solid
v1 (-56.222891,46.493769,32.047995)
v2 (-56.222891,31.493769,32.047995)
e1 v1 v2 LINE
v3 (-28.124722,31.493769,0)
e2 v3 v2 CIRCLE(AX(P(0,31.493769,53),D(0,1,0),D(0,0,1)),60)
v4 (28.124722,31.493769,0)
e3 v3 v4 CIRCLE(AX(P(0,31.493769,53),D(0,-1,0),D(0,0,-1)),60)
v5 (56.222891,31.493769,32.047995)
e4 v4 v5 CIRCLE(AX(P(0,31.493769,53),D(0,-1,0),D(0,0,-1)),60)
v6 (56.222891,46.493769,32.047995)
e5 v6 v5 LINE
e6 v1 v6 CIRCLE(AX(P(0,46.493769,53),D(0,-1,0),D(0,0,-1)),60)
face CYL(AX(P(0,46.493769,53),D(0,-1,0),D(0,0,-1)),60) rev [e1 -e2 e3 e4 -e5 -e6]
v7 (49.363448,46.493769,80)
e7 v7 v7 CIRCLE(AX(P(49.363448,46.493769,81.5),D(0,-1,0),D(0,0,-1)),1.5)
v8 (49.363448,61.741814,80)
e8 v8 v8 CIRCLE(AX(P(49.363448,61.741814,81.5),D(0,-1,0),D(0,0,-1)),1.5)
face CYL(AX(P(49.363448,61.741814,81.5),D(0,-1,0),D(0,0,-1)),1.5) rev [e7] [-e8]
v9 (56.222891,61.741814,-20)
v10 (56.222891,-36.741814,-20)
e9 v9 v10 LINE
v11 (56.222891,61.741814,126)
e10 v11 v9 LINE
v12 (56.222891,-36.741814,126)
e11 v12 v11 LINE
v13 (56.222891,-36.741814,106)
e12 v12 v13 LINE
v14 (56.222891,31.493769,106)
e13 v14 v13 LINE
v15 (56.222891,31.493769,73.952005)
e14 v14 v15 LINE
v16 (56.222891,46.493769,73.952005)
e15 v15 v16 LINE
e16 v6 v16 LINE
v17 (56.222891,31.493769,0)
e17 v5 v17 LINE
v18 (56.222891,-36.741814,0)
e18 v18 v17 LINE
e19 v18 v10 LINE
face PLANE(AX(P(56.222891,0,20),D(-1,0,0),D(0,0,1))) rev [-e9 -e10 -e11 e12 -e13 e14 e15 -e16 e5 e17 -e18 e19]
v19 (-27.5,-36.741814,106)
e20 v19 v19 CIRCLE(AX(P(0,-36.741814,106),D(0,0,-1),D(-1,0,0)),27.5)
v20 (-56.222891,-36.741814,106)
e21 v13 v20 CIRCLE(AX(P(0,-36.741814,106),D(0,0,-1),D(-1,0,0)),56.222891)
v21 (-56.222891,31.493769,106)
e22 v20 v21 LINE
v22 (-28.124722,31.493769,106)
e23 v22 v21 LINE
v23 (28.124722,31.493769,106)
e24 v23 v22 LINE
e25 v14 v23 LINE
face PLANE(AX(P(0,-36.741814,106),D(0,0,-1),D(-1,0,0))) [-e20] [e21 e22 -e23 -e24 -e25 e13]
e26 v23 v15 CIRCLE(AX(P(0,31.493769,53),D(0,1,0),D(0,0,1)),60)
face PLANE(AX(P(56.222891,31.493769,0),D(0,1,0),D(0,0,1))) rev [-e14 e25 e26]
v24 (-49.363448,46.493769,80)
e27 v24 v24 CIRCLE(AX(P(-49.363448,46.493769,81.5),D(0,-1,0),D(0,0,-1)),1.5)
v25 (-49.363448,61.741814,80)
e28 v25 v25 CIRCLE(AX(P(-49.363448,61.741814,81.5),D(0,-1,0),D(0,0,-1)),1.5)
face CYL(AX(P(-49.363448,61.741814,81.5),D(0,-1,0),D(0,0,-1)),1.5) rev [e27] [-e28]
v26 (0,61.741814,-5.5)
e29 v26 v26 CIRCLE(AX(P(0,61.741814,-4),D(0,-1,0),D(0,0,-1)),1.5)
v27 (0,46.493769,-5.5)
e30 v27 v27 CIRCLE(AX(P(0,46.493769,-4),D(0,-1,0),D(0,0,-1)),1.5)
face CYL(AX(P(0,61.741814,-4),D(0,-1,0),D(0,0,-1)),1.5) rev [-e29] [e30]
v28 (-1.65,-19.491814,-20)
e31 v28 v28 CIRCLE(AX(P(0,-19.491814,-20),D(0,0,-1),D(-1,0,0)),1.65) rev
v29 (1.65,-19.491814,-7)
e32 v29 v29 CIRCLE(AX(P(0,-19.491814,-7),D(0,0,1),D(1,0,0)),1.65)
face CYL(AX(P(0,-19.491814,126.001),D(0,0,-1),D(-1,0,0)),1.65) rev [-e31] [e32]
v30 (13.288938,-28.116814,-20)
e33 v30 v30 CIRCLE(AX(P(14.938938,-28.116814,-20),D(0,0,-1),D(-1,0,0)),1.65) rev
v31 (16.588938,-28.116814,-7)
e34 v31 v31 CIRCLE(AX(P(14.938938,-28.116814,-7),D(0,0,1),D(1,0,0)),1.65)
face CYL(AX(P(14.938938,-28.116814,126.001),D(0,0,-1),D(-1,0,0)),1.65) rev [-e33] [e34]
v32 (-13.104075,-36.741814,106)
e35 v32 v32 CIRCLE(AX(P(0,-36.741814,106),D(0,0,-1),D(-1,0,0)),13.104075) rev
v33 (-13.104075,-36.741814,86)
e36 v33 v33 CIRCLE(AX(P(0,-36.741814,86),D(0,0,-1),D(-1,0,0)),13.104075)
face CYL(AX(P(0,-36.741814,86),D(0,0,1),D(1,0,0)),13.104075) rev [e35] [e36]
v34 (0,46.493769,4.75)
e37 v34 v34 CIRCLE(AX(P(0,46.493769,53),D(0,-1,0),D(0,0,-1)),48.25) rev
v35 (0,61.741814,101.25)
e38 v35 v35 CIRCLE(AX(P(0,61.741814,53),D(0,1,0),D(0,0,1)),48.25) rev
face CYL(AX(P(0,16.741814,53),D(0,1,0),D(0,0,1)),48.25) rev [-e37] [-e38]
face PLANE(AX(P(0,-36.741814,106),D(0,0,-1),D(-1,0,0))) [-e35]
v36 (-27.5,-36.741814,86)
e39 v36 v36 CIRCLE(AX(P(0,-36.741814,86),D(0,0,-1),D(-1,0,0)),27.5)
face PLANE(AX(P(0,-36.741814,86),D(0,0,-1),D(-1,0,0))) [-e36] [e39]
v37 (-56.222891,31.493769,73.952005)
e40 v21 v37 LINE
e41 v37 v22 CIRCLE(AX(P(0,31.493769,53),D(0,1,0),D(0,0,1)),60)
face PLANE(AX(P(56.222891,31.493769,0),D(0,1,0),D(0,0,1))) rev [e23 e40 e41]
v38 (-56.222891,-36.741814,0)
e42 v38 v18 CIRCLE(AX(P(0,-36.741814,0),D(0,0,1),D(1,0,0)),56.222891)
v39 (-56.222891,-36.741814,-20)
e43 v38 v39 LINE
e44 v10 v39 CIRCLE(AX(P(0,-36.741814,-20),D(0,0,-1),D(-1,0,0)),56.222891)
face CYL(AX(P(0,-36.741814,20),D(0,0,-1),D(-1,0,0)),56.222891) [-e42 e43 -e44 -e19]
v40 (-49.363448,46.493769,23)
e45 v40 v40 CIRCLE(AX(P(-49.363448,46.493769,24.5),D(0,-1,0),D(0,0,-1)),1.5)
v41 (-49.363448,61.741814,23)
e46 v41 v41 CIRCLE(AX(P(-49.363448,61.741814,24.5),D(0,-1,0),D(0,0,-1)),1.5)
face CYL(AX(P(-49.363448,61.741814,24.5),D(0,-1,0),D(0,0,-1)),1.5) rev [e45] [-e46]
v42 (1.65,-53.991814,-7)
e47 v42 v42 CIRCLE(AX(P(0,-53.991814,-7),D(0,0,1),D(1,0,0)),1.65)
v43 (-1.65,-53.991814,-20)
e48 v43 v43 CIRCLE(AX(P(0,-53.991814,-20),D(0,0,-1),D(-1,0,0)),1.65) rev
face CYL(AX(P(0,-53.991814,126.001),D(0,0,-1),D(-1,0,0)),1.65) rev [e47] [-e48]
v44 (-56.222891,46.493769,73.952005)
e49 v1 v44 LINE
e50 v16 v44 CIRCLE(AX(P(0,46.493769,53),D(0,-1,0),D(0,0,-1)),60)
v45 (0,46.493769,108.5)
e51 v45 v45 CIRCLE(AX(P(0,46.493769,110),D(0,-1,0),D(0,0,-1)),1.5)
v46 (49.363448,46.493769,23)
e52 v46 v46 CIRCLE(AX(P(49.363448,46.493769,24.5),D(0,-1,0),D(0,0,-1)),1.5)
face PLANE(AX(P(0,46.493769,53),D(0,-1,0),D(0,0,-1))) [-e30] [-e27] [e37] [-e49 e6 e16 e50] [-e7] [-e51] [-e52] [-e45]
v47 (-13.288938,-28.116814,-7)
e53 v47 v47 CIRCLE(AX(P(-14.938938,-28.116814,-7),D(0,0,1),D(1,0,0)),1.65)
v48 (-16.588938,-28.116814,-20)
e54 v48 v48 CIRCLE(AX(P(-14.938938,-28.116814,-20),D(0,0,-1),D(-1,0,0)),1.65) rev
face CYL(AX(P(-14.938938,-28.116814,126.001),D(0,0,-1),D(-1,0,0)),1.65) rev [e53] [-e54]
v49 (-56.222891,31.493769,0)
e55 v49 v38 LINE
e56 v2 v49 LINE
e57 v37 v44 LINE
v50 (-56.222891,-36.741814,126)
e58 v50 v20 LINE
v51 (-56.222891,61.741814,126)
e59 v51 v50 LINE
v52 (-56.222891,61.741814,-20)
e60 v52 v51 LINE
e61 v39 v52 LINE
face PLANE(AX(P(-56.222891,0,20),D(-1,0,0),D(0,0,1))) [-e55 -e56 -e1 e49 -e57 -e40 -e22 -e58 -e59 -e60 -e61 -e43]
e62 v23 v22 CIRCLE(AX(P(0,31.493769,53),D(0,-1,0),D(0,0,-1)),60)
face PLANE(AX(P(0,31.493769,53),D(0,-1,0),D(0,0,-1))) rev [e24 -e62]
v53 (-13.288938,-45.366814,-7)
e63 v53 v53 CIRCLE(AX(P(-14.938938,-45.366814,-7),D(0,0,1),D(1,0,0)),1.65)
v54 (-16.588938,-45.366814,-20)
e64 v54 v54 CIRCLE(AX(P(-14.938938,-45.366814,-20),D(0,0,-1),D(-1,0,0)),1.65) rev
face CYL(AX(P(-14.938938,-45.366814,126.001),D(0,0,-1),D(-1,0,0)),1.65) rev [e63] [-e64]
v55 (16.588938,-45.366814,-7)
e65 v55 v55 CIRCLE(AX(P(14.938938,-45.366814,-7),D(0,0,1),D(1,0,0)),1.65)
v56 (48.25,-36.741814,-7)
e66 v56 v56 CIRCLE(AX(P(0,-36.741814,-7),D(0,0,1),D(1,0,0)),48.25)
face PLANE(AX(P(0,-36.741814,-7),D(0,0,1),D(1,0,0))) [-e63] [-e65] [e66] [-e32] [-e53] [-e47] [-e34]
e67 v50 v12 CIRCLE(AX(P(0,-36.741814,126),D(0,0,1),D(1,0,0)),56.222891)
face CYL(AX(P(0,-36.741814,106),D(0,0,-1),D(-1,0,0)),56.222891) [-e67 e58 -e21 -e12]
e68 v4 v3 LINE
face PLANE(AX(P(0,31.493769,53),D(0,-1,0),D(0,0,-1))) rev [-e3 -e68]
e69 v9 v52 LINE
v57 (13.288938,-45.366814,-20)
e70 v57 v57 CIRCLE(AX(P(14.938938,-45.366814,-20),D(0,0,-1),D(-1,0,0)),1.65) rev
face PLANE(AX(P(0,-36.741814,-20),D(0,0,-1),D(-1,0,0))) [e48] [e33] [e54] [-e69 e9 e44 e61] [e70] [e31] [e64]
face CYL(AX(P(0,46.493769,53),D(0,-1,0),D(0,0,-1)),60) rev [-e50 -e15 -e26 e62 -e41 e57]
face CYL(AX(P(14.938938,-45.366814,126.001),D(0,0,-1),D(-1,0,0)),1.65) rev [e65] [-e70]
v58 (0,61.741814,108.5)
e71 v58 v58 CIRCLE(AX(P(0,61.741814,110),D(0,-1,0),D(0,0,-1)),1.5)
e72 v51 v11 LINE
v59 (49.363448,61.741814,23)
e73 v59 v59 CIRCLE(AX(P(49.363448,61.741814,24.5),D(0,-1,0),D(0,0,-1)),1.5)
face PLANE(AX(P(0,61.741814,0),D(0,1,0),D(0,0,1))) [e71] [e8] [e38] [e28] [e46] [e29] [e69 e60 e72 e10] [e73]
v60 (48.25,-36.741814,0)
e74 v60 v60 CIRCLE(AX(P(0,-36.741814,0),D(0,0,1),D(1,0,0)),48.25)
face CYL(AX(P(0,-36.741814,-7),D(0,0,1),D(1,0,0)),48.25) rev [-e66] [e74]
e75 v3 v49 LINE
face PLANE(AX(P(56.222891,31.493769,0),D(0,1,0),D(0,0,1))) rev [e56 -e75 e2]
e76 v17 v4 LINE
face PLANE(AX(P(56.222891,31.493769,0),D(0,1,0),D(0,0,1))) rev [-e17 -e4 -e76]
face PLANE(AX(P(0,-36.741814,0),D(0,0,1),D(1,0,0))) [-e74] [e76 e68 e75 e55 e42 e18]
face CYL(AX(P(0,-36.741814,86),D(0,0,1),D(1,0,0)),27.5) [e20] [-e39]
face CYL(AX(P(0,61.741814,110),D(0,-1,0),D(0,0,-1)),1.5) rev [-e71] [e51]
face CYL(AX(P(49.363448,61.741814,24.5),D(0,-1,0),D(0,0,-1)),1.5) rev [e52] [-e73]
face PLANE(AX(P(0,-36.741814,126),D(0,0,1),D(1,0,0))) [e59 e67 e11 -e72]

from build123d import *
from build123d.topology import SkipClean

# Parameters (mm, degrees)
SKETCH_1_R                      = 48.25
EXTRUDE_1_DEPTH                 = 20
EXTRUDE_2_DEPTH                 = 66
SKETCH_3_R                      = 48.25
EXTRUDE_3_DEPTH                 = 20
SKETCH_4_R                      = 48.25
CUT_EXTRUDE_1_DEPTH             = 20
SKETCH_5_R                      = 48.25
EXTRUDE_4_DEPTH                 = 20
CUT_EXTRUDE_2_DEPTH             = 20
EXTRUDE_START                   = 20
SKETCH_7_R                      = 48.25
EXTRUDE_5_DEPTH                 = 20
CUT_EXTRUDE_START               = -20
CUT_EXTRUDE_3_DEPTH             = 20
SKETCH_9_R                      = 48.25
EXTRUDE_6_DEPTH                 = 20
EXTRUDE_START_2                 = -20
SKETCH_10_R                     = 48.25
EXTRUDE_7_DEPTH                 = 20
SKETCH_14_R                     = 1.65
EXTRUDE_11_DEPTH                = 10
EXTRUDE_START_3                 = 10
SKETCH_15_R                     = 1.65
EXTRUDE_12_DEPTH                = 10
SKETCH_16_R                     = 27.5
SKETCH_16_R_2                   = 13.104074627
EXTRUDE_13_DEPTH                = 20
CUT_EXTRUDE_4_REACH             = 168.371
SKETCH_17_R                     = 1.65
CUT_EXTRUDE_4_DIRECTION_2_REACH = 168.371
SKETCH_18_R                     = 48.25
CUT_EXTRUDE_5_DEPTH             = 7
CUT_EXTRUDE_6_DEPTH             = 193.775751689
EXTRUDE_START_4                 = 25
SKETCH_20_W                     = 112.445782612
SKETCH_20_H                     = 146
SKETCH_20_R                     = 48.25
EXTRUDE_14_DEPTH                = 25
SKETCH_21_R                     = 60
CUT_EXTRUDE_7_DEPTH             = 15
SKETCH_22_R                     = 1.5
CUT_EXTRUDE_8_DEPTH             = 197.177673484


with BuildPart() as part:
    # 草图1 → 凸台-拉伸1 (new body)
    with BuildSketch(Plane.XY):
        with BuildLine():
            Line((-56.222891306, -36.741813889), (-56.222891306, 36.741813889))
            Line((-56.222891306, 36.741813889), (56.222891306, 36.741813889))
            Line((56.222891306, 36.741813889), (56.222891306, -36.741813889))
            ThreePointArc((56.222891306, -36.741813889), (0, -92.964705195), (-56.222891306, -36.741813889))
        make_face()
        with Locations((0, -36.741813889)):
            Circle(SKETCH_1_R, mode=Mode.SUBTRACT)
    extrude(amount=EXTRUDE_1_DEPTH)

    # 草图2 → 凸台-拉伸2 (add)
    with BuildSketch(Plane.XY.offset(20)):
        Polygon((-43.974846567, 18.741813889), (-56.222891306, 18.741813889), (-56.222891306, 6.493769151), align=None)
        Polygon((56.222891306, 18.741813889), (43.974846567, 18.741813889), (56.222891306, 6.493769151), align=None)
        Polygon((-56.222891306, 36.741813889), (-56.222891306, 18.741813889), (-43.974846567, 18.741813889), (43.974846567, 18.741813889), (56.222891306, 18.741813889), (56.222891306, 36.741813889), align=None)
    extrude(amount=EXTRUDE_2_DEPTH)

    # 草图3 → 凸台-拉伸3 (add)
    with BuildSketch(Plane.XY.offset(86)):
        with BuildLine():
            Line((-56.222891306, 36.741813889), (-56.222891306, -36.741813889))
            ThreePointArc((-56.222891306, -36.741813889), (0, -92.964705195), (56.222891306, -36.741813889))
            Line((56.222891306, -36.741813889), (56.222891306, 36.741813889))
            Line((56.222891306, 36.741813889), (-56.222891306, 36.741813889))
        make_face()
        with Locations((0, -36.741813889)):
            Circle(SKETCH_3_R, mode=Mode.SUBTRACT)
    extrude(amount=EXTRUDE_3_DEPTH)

    # 草图4 → 切除-拉伸1 (cut)
    with BuildSketch(Plane(origin=(0, 36.741813889, 0), x_dir=(1, 0, 0), z_dir=(0, 1, 0))):
        with Locations(Location((0, -53, 0), (0, 0, 270))):
            Circle(SKETCH_4_R)
    extrude(amount=-CUT_EXTRUDE_1_DEPTH, mode=Mode.SUBTRACT)

    # 草图5 → 凸台-拉伸4 (add)
    with BuildSketch(Plane.XY.offset(106)):
        with BuildLine():
            Line((56.222891306, -36.741813889), (56.222891306, 36.741813889))
            Line((56.222891306, 36.741813889), (-56.222891306, 36.741813889))
            Line((-56.222891306, 36.741813889), (-56.222891306, -36.741813889))
            ThreePointArc((-56.222891306, -36.741813889), (0, -92.964705195), (56.222891306, -36.741813889))
        make_face()
        with Locations((0, -36.741813889)):
            Circle(SKETCH_5_R, mode=Mode.SUBTRACT)
    extrude(amount=EXTRUDE_4_DEPTH)

    # 草图6 → 切除-拉伸2 (cut)
    with BuildSketch(Plane(origin=(0, 0, 86), x_dir=(-1, 0, 0), z_dir=(0, 0, -1))):
        with BuildLine():
            Line((35.200319601, 16.741813889), (-35.200319601, 16.741813889))
            Line((-35.200319601, 16.741813889), (-35.200319601, 18.741813889))
            Line((-35.200319601, 18.741813889), (-43.974846567, 18.741813889))
            Line((-43.974846567, 18.741813889), (-56.222891306, 6.493769151))
            Line((-56.222891306, 6.493769151), (-56.222891306, -36.741813889))
            ThreePointArc((-56.222891306, -36.741813889), (0, -92.964705195), (56.222891306, -36.741813889))
            Line((56.222891306, -36.741813889), (56.222891306, 6.493769151))
            Line((56.222891306, 6.493769151), (43.974846567, 18.741813889))
            Line((43.974846567, 18.741813889), (35.200319601, 18.741813889))
            Line((35.200319601, 18.741813889), (35.200319601, 16.741813889))
        make_face()
    extrude(amount=-CUT_EXTRUDE_2_DEPTH, mode=Mode.SUBTRACT)

    # 草图7 → 凸台-拉伸5 (add)
    with SkipClean():  # the faces are left unmerged after this step: merging them gives an invalid solid
        with BuildSketch(Plane(origin=(0, 0, 0), x_dir=(-1, 0, 0), z_dir=(0, 0, -1)).offset(EXTRUDE_START)):
            with BuildLine():
                Line((56.222891306, -36.741813889), (56.222891306, 36.741813889))
                Line((56.222891306, 36.741813889), (-56.222891306, 36.741813889))
                Line((-56.222891306, 36.741813889), (-56.222891306, -36.741813889))
                ThreePointArc((-56.222891306, -36.741813889), (0, -92.964705195), (56.222891306, -36.741813889))
            make_face()
            with Locations((0, -36.741813889)):
                Circle(SKETCH_7_R, mode=Mode.SUBTRACT)
        extrude(amount=-EXTRUDE_5_DEPTH)

    # 草图8 → 切除-拉伸3 (cut)
    with BuildSketch(Plane.XY.offset(20).offset(CUT_EXTRUDE_START)):
        with BuildLine():
            Line((35.200319601, 18.741813889), (35.200319601, 16.741813889))
            Line((35.200319601, 16.741813889), (-35.200319601, 16.741813889))
            Line((-35.200319601, 16.741813889), (-35.200319601, 18.741813889))
            Line((-35.200319601, 18.741813889), (-43.974846567, 18.741813889))
            Line((-43.974846567, 18.741813889), (-56.222891306, 6.493769151))
            Line((-56.222891306, 6.493769151), (-56.222891306, -36.741813889))
            ThreePointArc((-56.222891306, -36.741813889), (0, -92.964705195), (56.222891306, -36.741813889))
            Line((56.222891306, -36.741813889), (56.222891306, 6.493769151))
            Line((56.222891306, 6.493769151), (43.974846567, 18.741813889))
            Line((43.974846567, 18.741813889), (35.200319601, 18.741813889))
        make_face()
    extrude(amount=CUT_EXTRUDE_3_DEPTH, mode=Mode.SUBTRACT)

    # 草图9 → 凸台-拉伸6 (add)
    with BuildSketch(Plane(origin=(0, 0, -20), x_dir=(-1, 0, 0), z_dir=(0, 0, -1))):
        with Locations((0, -36.741813889)):
            Circle(SKETCH_9_R)
    extrude(amount=-EXTRUDE_6_DEPTH)

    # 草图10 → 凸台-拉伸7 (add)
    with BuildSketch(Plane.XY.offset(126).offset(EXTRUDE_START_2)):
        with Locations((0, -36.741813889)):
            Circle(SKETCH_10_R)
    extrude(amount=EXTRUDE_7_DEPTH)

    # 草图14 → 凸台-拉伸11 (add)
    with BuildSketch(Plane.XY):
        with Locations((-14.938938215, -45.366813889)):
            Circle(SKETCH_14_R)
        with Locations((0, -53.991813889)):
            Circle(SKETCH_14_R)
        with Locations((14.938938215, -45.366813889)):
            Circle(SKETCH_14_R)
        with Locations((14.938938215, -28.116813889)):
            Circle(SKETCH_14_R)
        with Locations((0, -19.491813889)):
            Circle(SKETCH_14_R)
        with Locations((-14.938938215, -28.116813889)):
            Circle(SKETCH_14_R)
    extrude(amount=EXTRUDE_11_DEPTH)

    # 草图15 → 凸台-拉伸12 (add)
    with BuildSketch(Plane(origin=(0, 0, 106), x_dir=(-1, 0, 0), z_dir=(0, 0, -1)).offset(EXTRUDE_START_3)):
        with Locations(Location((14.938938215, -28.116813889, 0), (0, 0, 180))):
            Circle(SKETCH_15_R)
        with Locations(Location((14.938938215, -45.366813889, 0), (0, 0, 180))):
            Circle(SKETCH_15_R)
        with Locations(Location((0, -53.991813889, 0), (0, 0, 180))):
            Circle(SKETCH_15_R)
        with Locations(Location((-14.938938215, -45.366813889, 0), (0, 0, 180))):
            Circle(SKETCH_15_R)
        with Locations(Location((-14.938938215, -28.116813889, 0), (0, 0, 180))):
            Circle(SKETCH_15_R)
        with Locations(Location((0, -19.491813889, 0), (0, 0, 180))):
            Circle(SKETCH_15_R)
    extrude(amount=-EXTRUDE_12_DEPTH)

    # 草图16 → 凸台-拉伸13 (add)
    with BuildSketch(Plane(origin=(0, 0, 106), x_dir=(-1, 0, 0), z_dir=(0, 0, -1))):
        with Locations((0, -36.741813889)):
            Circle(SKETCH_16_R)
        with Locations((0, -36.741813889)):
            Circle(SKETCH_16_R_2, mode=Mode.SUBTRACT)
    extrude(amount=EXTRUDE_13_DEPTH)

    # 草图17 → 切除-拉伸4 (cut, up to next)
    with BuildSketch(Plane.XY, mode=Mode.PRIVATE) as cut_extrude_4_sk1:
        with Locations(Location((-14.938938215, -45.366813889, 0), (0, 0, 180))):
            Circle(SKETCH_17_R)
    cut_extrude_4_tool1 = extrude(cut_extrude_4_sk1.sketch, amount=-CUT_EXTRUDE_4_REACH, mode=Mode.PRIVATE) & part.part
    # 草图17 → 切除-拉伸4 (cut, up to next)
    with BuildSketch(Plane.XY, mode=Mode.PRIVATE) as cut_extrude_4_sk2:
        with Locations(Location((0, -53.991813889, 0), (0, 0, 180))):
            Circle(SKETCH_17_R)
    cut_extrude_4_tool2 = extrude(cut_extrude_4_sk2.sketch, amount=-CUT_EXTRUDE_4_REACH, mode=Mode.PRIVATE) & part.part
    # 草图17 → 切除-拉伸4 (cut, up to next)
    with BuildSketch(Plane.XY, mode=Mode.PRIVATE) as cut_extrude_4_sk3:
        with Locations(Location((14.938938215, -45.366813889, 0), (0, 0, 180))):
            Circle(SKETCH_17_R)
    cut_extrude_4_tool3 = extrude(cut_extrude_4_sk3.sketch, amount=-CUT_EXTRUDE_4_REACH, mode=Mode.PRIVATE) & part.part
    # 草图17 → 切除-拉伸4 (cut, up to next)
    with BuildSketch(Plane.XY, mode=Mode.PRIVATE) as cut_extrude_4_sk4:
        with Locations(Location((14.938938215, -28.116813889, 0), (0, 0, 180))):
            Circle(SKETCH_17_R)
    cut_extrude_4_tool4 = extrude(cut_extrude_4_sk4.sketch, amount=-CUT_EXTRUDE_4_REACH, mode=Mode.PRIVATE) & part.part
    # 草图17 → 切除-拉伸4 (cut, up to next)
    with BuildSketch(Plane.XY, mode=Mode.PRIVATE) as cut_extrude_4_sk5:
        with Locations(Location((0, -19.491813889, 0), (0, 0, 180))):
            Circle(SKETCH_17_R)
    cut_extrude_4_tool5 = extrude(cut_extrude_4_sk5.sketch, amount=-CUT_EXTRUDE_4_REACH, mode=Mode.PRIVATE) & part.part
    # 草图17 → 切除-拉伸4 (cut, up to next)
    with BuildSketch(Plane.XY, mode=Mode.PRIVATE) as cut_extrude_4_sk6:
        with Locations(Location((-14.938938215, -28.116813889, 0), (0, 0, 180))):
            Circle(SKETCH_17_R)
    cut_extrude_4_tool6 = extrude(cut_extrude_4_sk6.sketch, amount=-CUT_EXTRUDE_4_REACH, mode=Mode.PRIVATE) & part.part
    add(cut_extrude_4_tool1.solids().sort_by_distance((-14.938938, -45.366814, 0))[0], mode=Mode.SUBTRACT)
    add(cut_extrude_4_tool2.solids().sort_by_distance((0, -53.991814, 0))[0], mode=Mode.SUBTRACT)
    add(cut_extrude_4_tool3.solids().sort_by_distance((14.938938, -45.366814, 0))[0], mode=Mode.SUBTRACT)
    add(cut_extrude_4_tool4.solids().sort_by_distance((14.938938, -28.116814, 0))[0], mode=Mode.SUBTRACT)
    add(cut_extrude_4_tool5.solids().sort_by_distance((0, -19.491814, 0))[0], mode=Mode.SUBTRACT)
    add(cut_extrude_4_tool6.solids().sort_by_distance((-14.938938, -28.116814, 0))[0], mode=Mode.SUBTRACT)

    # 草图17 → 切除-拉伸4 direction 2 (cut, up to next)
    with BuildSketch(Plane.XY, mode=Mode.PRIVATE) as cut_extrude_4_direction_2_sk1:
        with Locations(Location((-14.938938215, -45.366813889, 0), (0, 0, 180))):
            Circle(SKETCH_17_R)
    cut_extrude_4_direction_2_tool1 = extrude(cut_extrude_4_direction_2_sk1.sketch, amount=CUT_EXTRUDE_4_DIRECTION_2_REACH, mode=Mode.PRIVATE) & part.part
    # 草图17 → 切除-拉伸4 direction 2 (cut, up to next)
    with BuildSketch(Plane.XY, mode=Mode.PRIVATE) as cut_extrude_4_direction_2_sk2:
        with Locations(Location((0, -53.991813889, 0), (0, 0, 180))):
            Circle(SKETCH_17_R)
    cut_extrude_4_direction_2_tool2 = extrude(cut_extrude_4_direction_2_sk2.sketch, amount=CUT_EXTRUDE_4_DIRECTION_2_REACH, mode=Mode.PRIVATE) & part.part
    # 草图17 → 切除-拉伸4 direction 2 (cut, up to next)
    with BuildSketch(Plane.XY, mode=Mode.PRIVATE) as cut_extrude_4_direction_2_sk3:
        with Locations(Location((14.938938215, -45.366813889, 0), (0, 0, 180))):
            Circle(SKETCH_17_R)
    cut_extrude_4_direction_2_tool3 = extrude(cut_extrude_4_direction_2_sk3.sketch, amount=CUT_EXTRUDE_4_DIRECTION_2_REACH, mode=Mode.PRIVATE) & part.part
    # 草图17 → 切除-拉伸4 direction 2 (cut, up to next)
    with BuildSketch(Plane.XY, mode=Mode.PRIVATE) as cut_extrude_4_direction_2_sk4:
        with Locations(Location((14.938938215, -28.116813889, 0), (0, 0, 180))):
            Circle(SKETCH_17_R)
    cut_extrude_4_direction_2_tool4 = extrude(cut_extrude_4_direction_2_sk4.sketch, amount=CUT_EXTRUDE_4_DIRECTION_2_REACH, mode=Mode.PRIVATE) & part.part
    # 草图17 → 切除-拉伸4 direction 2 (cut, up to next)
    with BuildSketch(Plane.XY, mode=Mode.PRIVATE) as cut_extrude_4_direction_2_sk5:
        with Locations(Location((0, -19.491813889, 0), (0, 0, 180))):
            Circle(SKETCH_17_R)
    cut_extrude_4_direction_2_tool5 = extrude(cut_extrude_4_direction_2_sk5.sketch, amount=CUT_EXTRUDE_4_DIRECTION_2_REACH, mode=Mode.PRIVATE) & part.part
    # 草图17 → 切除-拉伸4 direction 2 (cut, up to next)
    with BuildSketch(Plane.XY, mode=Mode.PRIVATE) as cut_extrude_4_direction_2_sk6:
        with Locations(Location((-14.938938215, -28.116813889, 0), (0, 0, 180))):
            Circle(SKETCH_17_R)
    cut_extrude_4_direction_2_tool6 = extrude(cut_extrude_4_direction_2_sk6.sketch, amount=CUT_EXTRUDE_4_DIRECTION_2_REACH, mode=Mode.PRIVATE) & part.part
    add(cut_extrude_4_direction_2_tool1.solids().sort_by_distance((-14.938938, -45.366814, 0))[0], mode=Mode.SUBTRACT)
    add(cut_extrude_4_direction_2_tool2.solids().sort_by_distance((0, -53.991814, 0))[0], mode=Mode.SUBTRACT)
    add(cut_extrude_4_direction_2_tool3.solids().sort_by_distance((14.938938, -45.366814, 0))[0], mode=Mode.SUBTRACT)
    add(cut_extrude_4_direction_2_tool4.solids().sort_by_distance((14.938938, -28.116814, 0))[0], mode=Mode.SUBTRACT)
    add(cut_extrude_4_direction_2_tool5.solids().sort_by_distance((0, -19.491814, 0))[0], mode=Mode.SUBTRACT)
    add(cut_extrude_4_direction_2_tool6.solids().sort_by_distance((-14.938938, -28.116814, 0))[0], mode=Mode.SUBTRACT)

    # 草图18 → 切除-拉伸5 (cut)
    with BuildSketch(Plane.XY):
        with Locations((0, -36.741813889)):
            Circle(SKETCH_18_R)
    extrude(amount=-CUT_EXTRUDE_5_DEPTH, mode=Mode.SUBTRACT)

    # 草图19 → 切除-拉伸6 (cut, through all)
    with BuildSketch(Plane.ZY.offset(56.222891306)):
        Polygon((106, 6.493769151), (106, 18.741813889), (106, 31.493769151), (0, 31.493769151), (0, 18.741813889), (0, 6.493769151), align=None)
    extrude(amount=-CUT_EXTRUDE_6_DEPTH, mode=Mode.SUBTRACT)

    # 草图20 → 凸台-拉伸14 (add)
    with BuildSketch(Plane(origin=(0, 36.741813889, 0), x_dir=(1, 0, 0), z_dir=(0, 1, 0)).offset(EXTRUDE_START_4)):
        with Locations((0, -53)):
            Rectangle(SKETCH_20_W, SKETCH_20_H)
        with Locations(Location((0, -53, 0), (0, 0, 270))):
            Circle(SKETCH_20_R, mode=Mode.SUBTRACT)
    extrude(amount=-EXTRUDE_14_DEPTH)

    # 草图21 → 切除-拉伸7 (cut)
    with BuildSketch(Plane.XZ.offset(-31.493769151)):
        with Locations((0, 53)):
            Circle(SKETCH_21_R)
    extrude(amount=-CUT_EXTRUDE_7_DEPTH, mode=Mode.SUBTRACT)

    # 草图22 → 切除-拉伸8 (cut, through all)
    with BuildSketch(Plane.XZ.offset(-46.493769151)):
        with Locations(Location((0, 110, 0), (0, 0, 270))):
            Circle(SKETCH_22_R)
        with Locations(Location((49.363448016, 81.5, 0), (0, 0, 270))):
            Circle(SKETCH_22_R)
        with Locations(Location((49.363448016, 24.5, 0), (0, 0, 270))):
            Circle(SKETCH_22_R)
        with Locations(Location((0, -4, 0), (0, 0, 270))):
            Circle(SKETCH_22_R)
        with Locations(Location((-49.363448016, 24.5, 0), (0, 0, 270))):
            Circle(SKETCH_22_R)
        with Locations(Location((-49.363448016, 81.5, 0), (0, 0, 270))):
            Circle(SKETCH_22_R)
    extrude(amount=-CUT_EXTRUDE_8_DEPTH, mode=Mode.SUBTRACT)


solid = part.part
